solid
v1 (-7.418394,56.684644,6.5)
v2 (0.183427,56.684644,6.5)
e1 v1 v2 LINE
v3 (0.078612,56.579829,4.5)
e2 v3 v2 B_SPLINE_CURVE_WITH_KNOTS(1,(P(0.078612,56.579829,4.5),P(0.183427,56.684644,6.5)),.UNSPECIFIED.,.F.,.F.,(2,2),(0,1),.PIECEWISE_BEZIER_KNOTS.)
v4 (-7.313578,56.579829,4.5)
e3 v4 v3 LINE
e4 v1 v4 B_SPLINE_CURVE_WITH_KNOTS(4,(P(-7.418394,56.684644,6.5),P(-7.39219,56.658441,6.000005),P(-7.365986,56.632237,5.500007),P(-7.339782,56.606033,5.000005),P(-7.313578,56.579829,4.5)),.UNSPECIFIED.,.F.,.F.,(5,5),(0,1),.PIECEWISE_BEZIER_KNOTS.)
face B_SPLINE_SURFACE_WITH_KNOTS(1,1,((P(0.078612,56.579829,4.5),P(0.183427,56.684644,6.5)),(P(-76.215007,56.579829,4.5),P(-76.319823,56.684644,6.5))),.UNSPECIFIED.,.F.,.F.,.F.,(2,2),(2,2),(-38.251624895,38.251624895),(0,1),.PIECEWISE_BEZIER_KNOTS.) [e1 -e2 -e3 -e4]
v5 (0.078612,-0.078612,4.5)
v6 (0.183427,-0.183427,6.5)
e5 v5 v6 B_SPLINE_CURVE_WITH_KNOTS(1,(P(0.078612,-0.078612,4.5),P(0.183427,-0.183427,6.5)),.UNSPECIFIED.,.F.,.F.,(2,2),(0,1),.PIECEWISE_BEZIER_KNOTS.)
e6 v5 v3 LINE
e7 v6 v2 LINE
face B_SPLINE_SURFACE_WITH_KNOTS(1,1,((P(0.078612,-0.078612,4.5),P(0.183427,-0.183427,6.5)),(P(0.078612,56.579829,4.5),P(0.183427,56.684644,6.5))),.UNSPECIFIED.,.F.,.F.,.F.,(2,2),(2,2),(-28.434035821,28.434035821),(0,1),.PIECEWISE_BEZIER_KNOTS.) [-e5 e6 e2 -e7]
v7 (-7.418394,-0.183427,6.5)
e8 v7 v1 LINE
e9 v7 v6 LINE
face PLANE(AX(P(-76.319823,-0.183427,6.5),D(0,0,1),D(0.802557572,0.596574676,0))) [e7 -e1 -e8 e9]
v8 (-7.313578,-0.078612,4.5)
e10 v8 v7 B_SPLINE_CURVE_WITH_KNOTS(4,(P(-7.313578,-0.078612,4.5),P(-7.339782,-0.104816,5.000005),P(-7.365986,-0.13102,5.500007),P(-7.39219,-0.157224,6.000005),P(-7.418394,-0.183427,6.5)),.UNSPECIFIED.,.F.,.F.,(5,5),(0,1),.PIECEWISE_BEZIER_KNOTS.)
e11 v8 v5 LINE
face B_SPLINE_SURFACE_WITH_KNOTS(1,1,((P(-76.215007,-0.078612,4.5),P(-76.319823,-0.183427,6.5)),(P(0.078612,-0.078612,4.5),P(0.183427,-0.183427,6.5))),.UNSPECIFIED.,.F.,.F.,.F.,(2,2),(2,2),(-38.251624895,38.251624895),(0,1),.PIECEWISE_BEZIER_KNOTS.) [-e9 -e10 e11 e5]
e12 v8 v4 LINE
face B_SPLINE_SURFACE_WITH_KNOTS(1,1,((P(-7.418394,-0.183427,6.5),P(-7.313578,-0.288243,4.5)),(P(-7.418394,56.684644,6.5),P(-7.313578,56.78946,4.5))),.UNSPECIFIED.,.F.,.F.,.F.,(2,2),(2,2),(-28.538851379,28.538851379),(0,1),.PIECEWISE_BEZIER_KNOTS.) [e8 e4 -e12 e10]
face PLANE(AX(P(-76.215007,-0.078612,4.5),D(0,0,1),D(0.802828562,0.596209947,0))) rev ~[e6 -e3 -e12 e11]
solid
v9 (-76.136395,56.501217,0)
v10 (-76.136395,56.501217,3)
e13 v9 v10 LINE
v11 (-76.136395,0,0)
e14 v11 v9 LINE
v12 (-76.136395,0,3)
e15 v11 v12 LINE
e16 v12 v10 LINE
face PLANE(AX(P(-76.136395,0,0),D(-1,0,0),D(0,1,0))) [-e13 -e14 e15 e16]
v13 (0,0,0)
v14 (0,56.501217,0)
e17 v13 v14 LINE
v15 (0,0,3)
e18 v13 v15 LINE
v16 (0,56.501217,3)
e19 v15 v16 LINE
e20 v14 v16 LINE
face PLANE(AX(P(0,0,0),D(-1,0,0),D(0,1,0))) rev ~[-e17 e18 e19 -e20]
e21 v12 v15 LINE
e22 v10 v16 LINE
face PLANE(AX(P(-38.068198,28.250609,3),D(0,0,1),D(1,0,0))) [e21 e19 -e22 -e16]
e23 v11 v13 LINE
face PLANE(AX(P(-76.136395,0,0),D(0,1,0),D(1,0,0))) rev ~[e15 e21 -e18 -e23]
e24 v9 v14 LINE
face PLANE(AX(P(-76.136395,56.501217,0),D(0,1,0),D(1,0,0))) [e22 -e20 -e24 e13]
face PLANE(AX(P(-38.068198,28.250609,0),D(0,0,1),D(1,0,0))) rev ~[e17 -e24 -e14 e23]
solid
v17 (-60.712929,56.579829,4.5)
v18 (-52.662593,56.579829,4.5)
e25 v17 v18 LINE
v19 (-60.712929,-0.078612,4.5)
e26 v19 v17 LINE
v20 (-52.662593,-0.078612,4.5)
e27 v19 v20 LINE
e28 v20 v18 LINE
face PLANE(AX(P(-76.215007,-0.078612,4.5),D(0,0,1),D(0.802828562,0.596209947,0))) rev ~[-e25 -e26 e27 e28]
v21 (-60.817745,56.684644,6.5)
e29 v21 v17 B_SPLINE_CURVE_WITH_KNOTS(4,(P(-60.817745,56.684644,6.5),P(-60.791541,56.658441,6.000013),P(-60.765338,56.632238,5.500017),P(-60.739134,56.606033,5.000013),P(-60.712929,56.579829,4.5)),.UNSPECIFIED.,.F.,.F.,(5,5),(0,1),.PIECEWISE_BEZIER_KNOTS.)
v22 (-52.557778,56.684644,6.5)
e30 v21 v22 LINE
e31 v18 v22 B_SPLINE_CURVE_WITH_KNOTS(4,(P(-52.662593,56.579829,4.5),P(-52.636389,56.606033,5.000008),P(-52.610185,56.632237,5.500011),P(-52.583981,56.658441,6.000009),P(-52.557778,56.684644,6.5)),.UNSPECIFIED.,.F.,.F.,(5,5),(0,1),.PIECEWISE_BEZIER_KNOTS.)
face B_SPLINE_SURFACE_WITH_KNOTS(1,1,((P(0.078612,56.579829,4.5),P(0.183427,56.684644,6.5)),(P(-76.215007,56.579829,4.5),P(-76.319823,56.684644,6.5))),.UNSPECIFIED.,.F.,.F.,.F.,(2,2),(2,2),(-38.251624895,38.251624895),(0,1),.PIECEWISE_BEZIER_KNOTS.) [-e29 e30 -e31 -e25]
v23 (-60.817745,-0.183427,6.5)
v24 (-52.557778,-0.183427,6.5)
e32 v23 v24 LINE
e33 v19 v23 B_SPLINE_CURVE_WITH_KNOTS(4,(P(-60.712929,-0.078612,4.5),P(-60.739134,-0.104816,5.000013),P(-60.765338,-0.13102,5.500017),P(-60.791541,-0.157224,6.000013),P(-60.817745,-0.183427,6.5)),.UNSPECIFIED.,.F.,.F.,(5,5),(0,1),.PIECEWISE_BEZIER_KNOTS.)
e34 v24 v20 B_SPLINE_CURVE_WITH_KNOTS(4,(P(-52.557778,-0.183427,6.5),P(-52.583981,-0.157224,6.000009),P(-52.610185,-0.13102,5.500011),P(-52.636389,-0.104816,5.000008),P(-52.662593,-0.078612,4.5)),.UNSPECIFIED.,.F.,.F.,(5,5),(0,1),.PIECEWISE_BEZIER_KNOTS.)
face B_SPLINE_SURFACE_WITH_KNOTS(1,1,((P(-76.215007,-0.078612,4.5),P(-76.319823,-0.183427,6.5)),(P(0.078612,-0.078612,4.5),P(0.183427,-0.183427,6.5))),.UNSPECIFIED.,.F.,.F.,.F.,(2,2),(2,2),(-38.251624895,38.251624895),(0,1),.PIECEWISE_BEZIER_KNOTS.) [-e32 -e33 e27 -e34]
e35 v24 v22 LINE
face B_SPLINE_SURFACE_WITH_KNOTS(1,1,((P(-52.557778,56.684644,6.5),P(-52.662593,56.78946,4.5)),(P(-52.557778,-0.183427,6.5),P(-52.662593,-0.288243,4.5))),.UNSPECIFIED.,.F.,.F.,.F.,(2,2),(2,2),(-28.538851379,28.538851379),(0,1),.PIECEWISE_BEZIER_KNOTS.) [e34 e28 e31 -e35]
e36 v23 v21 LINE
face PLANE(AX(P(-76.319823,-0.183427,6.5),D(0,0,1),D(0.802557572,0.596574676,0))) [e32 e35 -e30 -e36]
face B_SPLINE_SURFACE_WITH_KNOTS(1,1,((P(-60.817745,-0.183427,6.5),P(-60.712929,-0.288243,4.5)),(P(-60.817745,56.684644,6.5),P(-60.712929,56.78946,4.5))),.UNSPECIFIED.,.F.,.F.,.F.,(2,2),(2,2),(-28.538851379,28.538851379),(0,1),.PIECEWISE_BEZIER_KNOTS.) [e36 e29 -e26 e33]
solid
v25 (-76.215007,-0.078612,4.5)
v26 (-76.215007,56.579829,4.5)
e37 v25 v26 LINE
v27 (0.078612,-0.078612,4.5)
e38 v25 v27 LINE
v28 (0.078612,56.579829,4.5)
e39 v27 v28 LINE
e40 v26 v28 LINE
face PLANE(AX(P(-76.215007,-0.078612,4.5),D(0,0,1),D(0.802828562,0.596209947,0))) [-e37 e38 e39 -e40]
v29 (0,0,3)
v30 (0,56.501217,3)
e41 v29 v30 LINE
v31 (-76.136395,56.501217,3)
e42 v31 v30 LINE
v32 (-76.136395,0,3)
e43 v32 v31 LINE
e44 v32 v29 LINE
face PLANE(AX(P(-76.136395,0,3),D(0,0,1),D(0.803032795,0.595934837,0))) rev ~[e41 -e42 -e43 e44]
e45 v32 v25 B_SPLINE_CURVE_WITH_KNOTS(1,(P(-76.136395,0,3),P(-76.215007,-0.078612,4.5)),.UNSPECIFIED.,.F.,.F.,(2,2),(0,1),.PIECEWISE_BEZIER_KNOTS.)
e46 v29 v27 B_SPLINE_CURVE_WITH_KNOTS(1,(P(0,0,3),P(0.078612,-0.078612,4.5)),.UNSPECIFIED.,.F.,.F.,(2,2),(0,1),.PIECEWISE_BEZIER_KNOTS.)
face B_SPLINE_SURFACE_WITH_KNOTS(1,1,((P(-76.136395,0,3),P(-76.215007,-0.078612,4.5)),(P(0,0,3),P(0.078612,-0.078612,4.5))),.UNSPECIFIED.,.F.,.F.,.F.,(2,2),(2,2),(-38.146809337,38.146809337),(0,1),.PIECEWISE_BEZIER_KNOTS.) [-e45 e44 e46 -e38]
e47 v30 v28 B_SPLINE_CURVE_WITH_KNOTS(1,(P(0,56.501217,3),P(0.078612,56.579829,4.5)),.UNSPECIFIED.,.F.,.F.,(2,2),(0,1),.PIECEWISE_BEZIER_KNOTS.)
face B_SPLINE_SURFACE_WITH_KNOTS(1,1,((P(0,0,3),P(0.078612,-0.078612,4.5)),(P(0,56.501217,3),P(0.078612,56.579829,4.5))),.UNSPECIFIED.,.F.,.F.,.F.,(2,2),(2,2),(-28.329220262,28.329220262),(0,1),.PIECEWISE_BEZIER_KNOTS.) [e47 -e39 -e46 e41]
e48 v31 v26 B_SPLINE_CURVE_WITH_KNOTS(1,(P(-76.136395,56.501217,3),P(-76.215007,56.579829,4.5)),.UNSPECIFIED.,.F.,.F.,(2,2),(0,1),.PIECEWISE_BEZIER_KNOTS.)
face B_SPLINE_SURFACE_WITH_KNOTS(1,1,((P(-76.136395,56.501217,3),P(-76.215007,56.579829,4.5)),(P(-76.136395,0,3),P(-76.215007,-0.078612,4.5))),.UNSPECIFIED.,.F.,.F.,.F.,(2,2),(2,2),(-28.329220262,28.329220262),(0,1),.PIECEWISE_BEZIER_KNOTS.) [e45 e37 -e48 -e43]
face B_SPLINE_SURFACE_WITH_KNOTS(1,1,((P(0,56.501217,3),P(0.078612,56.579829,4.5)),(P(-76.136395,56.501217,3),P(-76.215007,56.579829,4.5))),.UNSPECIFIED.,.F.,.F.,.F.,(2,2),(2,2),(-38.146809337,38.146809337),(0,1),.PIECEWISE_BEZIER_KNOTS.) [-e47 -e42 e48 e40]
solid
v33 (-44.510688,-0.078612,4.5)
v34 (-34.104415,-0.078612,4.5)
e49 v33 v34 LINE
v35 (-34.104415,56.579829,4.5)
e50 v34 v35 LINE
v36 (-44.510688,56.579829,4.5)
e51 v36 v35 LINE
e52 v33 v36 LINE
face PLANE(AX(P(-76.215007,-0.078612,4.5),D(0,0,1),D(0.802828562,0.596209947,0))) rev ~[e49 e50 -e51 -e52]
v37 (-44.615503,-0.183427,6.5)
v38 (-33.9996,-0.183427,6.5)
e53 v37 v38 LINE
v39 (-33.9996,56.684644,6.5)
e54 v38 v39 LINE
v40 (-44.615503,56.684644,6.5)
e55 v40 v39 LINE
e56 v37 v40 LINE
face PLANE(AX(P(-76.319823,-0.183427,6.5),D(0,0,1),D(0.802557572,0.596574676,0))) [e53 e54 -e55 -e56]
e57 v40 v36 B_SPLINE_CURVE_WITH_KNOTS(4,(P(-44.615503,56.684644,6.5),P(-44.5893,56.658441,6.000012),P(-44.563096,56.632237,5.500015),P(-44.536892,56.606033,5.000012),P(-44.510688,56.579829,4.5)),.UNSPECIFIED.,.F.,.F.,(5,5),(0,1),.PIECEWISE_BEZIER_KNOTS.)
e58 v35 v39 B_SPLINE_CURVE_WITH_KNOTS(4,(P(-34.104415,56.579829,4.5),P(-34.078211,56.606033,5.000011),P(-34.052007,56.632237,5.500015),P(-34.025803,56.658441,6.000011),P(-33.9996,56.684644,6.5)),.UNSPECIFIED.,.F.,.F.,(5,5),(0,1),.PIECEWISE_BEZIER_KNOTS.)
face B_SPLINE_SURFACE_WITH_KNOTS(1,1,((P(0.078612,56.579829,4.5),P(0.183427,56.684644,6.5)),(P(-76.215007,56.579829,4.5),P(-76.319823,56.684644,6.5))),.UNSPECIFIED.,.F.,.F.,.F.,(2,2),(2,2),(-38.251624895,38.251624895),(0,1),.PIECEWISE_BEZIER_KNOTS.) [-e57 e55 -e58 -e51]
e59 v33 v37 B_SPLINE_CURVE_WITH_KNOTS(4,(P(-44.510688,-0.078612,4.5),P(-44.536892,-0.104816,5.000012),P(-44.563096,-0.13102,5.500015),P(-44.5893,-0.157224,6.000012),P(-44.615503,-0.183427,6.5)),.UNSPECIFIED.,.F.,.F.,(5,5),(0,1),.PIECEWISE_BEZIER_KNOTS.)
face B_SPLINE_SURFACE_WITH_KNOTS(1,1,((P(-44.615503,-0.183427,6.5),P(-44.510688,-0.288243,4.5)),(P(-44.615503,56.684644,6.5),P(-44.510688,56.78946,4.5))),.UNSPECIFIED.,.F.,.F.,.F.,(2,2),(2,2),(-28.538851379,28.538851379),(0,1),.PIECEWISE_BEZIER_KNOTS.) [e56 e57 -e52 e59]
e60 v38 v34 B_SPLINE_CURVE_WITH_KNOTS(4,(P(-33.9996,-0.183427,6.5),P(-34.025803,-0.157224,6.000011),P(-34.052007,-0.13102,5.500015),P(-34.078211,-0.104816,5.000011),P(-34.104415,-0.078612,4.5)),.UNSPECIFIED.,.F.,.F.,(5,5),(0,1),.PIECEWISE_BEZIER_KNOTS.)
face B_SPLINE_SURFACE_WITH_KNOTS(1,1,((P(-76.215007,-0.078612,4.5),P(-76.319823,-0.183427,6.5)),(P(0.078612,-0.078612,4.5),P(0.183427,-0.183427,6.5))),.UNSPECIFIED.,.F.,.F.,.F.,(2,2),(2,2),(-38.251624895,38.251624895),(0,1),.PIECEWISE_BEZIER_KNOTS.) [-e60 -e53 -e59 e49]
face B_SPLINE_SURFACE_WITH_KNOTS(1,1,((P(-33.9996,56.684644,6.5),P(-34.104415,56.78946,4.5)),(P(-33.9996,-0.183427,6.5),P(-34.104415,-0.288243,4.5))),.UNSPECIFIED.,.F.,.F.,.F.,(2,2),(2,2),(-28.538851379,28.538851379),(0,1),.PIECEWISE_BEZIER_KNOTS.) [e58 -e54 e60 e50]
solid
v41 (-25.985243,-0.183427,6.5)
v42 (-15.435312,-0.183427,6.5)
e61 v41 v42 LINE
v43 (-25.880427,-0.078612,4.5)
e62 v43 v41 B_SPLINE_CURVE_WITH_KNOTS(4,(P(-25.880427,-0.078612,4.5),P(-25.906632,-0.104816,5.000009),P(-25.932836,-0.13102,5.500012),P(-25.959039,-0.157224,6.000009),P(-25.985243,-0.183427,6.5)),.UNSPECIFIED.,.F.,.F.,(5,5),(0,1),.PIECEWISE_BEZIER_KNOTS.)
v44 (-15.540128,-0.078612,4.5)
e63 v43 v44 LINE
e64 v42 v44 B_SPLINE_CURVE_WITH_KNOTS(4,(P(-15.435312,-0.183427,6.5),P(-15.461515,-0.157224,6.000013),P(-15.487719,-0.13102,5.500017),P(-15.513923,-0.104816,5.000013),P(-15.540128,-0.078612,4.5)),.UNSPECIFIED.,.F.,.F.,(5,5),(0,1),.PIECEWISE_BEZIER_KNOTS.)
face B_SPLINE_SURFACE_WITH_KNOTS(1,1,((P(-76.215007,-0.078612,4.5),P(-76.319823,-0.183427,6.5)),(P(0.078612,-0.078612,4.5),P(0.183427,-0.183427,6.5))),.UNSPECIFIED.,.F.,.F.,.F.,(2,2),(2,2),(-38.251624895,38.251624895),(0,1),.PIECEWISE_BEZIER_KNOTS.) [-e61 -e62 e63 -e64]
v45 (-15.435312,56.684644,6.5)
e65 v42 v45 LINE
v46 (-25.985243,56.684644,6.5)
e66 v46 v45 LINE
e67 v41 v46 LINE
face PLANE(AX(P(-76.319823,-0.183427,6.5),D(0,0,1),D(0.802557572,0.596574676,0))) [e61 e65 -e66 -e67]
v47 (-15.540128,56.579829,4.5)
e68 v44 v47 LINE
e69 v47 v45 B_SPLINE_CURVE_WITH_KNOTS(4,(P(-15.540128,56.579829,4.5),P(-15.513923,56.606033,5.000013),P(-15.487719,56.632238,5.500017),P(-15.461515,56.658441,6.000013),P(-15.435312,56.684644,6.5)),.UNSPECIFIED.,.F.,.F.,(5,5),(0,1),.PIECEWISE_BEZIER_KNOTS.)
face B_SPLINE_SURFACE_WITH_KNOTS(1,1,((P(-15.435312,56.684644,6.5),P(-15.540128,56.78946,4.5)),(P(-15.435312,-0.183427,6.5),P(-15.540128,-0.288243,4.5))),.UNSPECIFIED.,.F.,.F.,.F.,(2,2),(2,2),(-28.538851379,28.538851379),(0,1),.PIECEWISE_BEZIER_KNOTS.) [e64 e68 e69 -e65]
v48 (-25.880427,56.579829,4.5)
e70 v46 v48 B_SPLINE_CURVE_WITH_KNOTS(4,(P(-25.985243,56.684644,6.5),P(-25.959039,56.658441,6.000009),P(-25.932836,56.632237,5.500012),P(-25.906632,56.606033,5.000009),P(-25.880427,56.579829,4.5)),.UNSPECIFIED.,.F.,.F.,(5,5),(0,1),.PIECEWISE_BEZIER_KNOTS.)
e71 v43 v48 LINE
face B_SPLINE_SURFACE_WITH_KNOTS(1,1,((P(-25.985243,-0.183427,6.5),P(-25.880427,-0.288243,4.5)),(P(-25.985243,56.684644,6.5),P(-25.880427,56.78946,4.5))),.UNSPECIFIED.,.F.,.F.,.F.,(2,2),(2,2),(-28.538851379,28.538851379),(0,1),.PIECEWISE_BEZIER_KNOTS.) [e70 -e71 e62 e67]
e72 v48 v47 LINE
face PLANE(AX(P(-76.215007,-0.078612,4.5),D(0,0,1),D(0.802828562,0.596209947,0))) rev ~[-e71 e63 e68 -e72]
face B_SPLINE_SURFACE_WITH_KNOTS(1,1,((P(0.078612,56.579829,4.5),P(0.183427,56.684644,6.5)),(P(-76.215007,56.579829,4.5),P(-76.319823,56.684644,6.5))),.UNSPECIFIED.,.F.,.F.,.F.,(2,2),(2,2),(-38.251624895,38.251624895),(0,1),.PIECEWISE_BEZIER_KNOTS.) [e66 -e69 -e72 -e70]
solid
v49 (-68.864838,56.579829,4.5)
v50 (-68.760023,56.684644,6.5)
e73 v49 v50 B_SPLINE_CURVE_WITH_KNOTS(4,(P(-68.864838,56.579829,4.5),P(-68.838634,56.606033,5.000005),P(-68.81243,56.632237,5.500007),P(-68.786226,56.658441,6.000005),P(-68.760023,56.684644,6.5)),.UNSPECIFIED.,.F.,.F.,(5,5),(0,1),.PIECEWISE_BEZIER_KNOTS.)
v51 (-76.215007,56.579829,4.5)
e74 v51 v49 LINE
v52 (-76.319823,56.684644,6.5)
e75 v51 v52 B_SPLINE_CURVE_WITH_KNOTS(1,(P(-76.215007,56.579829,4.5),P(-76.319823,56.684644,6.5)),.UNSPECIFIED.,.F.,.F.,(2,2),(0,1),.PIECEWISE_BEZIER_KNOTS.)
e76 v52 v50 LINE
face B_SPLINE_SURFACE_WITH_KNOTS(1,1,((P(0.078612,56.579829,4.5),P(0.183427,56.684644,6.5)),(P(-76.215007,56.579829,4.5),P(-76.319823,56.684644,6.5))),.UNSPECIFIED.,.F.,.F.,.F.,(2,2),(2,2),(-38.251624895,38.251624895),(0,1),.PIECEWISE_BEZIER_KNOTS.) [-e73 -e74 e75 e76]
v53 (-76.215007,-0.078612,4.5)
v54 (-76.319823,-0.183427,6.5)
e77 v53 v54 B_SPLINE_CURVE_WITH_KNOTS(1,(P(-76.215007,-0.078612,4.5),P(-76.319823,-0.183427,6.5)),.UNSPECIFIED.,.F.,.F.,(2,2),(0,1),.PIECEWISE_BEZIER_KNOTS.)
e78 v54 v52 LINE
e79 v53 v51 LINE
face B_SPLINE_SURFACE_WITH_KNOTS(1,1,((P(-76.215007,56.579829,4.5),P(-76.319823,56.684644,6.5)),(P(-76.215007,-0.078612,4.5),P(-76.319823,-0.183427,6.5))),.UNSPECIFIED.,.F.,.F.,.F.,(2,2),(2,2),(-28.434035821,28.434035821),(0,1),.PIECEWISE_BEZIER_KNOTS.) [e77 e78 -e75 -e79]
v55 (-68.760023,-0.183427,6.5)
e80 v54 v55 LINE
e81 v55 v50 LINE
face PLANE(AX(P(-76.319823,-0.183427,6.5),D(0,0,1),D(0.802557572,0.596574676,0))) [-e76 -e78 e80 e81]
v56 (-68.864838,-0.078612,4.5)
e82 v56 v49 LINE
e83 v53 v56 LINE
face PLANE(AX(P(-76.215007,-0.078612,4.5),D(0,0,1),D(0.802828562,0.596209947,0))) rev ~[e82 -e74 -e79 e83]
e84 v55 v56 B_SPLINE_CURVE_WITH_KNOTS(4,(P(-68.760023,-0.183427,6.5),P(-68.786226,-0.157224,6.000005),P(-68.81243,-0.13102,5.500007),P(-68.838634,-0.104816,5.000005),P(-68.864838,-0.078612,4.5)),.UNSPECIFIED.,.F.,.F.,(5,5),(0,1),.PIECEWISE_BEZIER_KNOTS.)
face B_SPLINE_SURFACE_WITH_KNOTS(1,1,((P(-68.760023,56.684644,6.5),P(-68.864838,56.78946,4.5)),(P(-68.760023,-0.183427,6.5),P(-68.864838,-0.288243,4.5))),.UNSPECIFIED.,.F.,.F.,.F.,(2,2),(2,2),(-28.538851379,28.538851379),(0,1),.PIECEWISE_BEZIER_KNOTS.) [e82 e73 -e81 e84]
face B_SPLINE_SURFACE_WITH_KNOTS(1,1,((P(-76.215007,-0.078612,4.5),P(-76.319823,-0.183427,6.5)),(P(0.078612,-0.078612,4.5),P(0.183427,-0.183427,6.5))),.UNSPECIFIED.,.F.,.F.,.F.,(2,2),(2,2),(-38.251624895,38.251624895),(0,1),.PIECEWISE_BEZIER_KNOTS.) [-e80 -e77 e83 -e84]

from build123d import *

# Parameters (mm, degrees)
F0_W      = 76.1363953352
F0_H      = 56.5012171865
F1_DEPTH  = 3
F2_W      = 76.1363953352
F2_H      = 56.5012171865
F3_DEPTH  = 1.5
F3_TAPER  = -3
F4_W      = 76.293618673
F4_H      = 56.6584405243
F5_DEPTH  = 2
F5_TAPER  = -3
F6_W      = 7.9422779381
F6_H      = 56.8680716414
F7_DEPTH  = 2
F7_TAPER  = -3
F8_W      = 7.9422742128
F8_H      = 56.8680716414
F9_DEPTH  = 2
F9_TAPER  = -3
F10_W     = 8.0143567175
F10_H     = 56.8680716414
F11_DEPTH = 2
F11_TAPER = -3
F12_W     = 8.0169183202
F12_H     = 56.8680716414
F13_DEPTH = 2
F13_TAPER = -3


with BuildPart() as f1:
    # F0 (on Top) → F1 (new body)
    with BuildSketch(Plane.XY):
        with Locations((-38.0681976676, 28.2506085932)):
            Rectangle(F0_W, F0_H)
    extrude(amount=F1_DEPTH)


with BuildPart() as f3:
    # F2 (on face) → F3 (new body)
    with BuildSketch(Plane.XY.offset(3)):
        with Locations((-38.0681976676, 28.2506085932)):
            Rectangle(F2_W, F2_H)
    extrude(amount=F3_DEPTH, taper=F3_TAPER)


with BuildPart() as f5:
    # F4 (on face) → F5 (new body)
    with BuildSketch(Plane.XY.offset(4.5)):
        with Locations((-38.0681976676, 28.2506085932)):
            Rectangle(F4_W, F4_H)
    extrude(amount=F5_DEPTH, taper=F5_TAPER)

    # F6 (on face) → F7 (cut)
    with BuildSketch(Plane.XY.offset(6.5)):
        with Locations((-64.788883552, 28.2506085932)):
            Rectangle(F6_W, F6_H)
    extrude(amount=-F7_DEPTH, taper=F7_TAPER, mode=Mode.SUBTRACT)

    # F8 (on face) → F9 (cut)
    with BuildSketch(Plane.XY.offset(6.5)):
        with Locations((-48.586640507, 28.2506085932)):
            Rectangle(F8_W, F8_H)
    extrude(amount=-F9_DEPTH, taper=F9_TAPER, mode=Mode.SUBTRACT)

    # F10 (on face) → F11 (cut)
    with BuildSketch(Plane.XY.offset(6.5)):
        with Locations((-29.9924211577, 28.2506085932)):
            Rectangle(F10_W, F10_H)
    extrude(amount=-F11_DEPTH, taper=F11_TAPER, mode=Mode.SUBTRACT)

    # F12 (on face) → F13 (cut)
    with BuildSketch(Plane.XY.offset(6.5)):
        with Locations((-11.4268527832, 28.2506085932)):
            Rectangle(F12_W, F12_H)
    extrude(amount=-F13_DEPTH, taper=F13_TAPER, mode=Mode.SUBTRACT)


solid = Compound([f1.part, f3.part, f5.part])
